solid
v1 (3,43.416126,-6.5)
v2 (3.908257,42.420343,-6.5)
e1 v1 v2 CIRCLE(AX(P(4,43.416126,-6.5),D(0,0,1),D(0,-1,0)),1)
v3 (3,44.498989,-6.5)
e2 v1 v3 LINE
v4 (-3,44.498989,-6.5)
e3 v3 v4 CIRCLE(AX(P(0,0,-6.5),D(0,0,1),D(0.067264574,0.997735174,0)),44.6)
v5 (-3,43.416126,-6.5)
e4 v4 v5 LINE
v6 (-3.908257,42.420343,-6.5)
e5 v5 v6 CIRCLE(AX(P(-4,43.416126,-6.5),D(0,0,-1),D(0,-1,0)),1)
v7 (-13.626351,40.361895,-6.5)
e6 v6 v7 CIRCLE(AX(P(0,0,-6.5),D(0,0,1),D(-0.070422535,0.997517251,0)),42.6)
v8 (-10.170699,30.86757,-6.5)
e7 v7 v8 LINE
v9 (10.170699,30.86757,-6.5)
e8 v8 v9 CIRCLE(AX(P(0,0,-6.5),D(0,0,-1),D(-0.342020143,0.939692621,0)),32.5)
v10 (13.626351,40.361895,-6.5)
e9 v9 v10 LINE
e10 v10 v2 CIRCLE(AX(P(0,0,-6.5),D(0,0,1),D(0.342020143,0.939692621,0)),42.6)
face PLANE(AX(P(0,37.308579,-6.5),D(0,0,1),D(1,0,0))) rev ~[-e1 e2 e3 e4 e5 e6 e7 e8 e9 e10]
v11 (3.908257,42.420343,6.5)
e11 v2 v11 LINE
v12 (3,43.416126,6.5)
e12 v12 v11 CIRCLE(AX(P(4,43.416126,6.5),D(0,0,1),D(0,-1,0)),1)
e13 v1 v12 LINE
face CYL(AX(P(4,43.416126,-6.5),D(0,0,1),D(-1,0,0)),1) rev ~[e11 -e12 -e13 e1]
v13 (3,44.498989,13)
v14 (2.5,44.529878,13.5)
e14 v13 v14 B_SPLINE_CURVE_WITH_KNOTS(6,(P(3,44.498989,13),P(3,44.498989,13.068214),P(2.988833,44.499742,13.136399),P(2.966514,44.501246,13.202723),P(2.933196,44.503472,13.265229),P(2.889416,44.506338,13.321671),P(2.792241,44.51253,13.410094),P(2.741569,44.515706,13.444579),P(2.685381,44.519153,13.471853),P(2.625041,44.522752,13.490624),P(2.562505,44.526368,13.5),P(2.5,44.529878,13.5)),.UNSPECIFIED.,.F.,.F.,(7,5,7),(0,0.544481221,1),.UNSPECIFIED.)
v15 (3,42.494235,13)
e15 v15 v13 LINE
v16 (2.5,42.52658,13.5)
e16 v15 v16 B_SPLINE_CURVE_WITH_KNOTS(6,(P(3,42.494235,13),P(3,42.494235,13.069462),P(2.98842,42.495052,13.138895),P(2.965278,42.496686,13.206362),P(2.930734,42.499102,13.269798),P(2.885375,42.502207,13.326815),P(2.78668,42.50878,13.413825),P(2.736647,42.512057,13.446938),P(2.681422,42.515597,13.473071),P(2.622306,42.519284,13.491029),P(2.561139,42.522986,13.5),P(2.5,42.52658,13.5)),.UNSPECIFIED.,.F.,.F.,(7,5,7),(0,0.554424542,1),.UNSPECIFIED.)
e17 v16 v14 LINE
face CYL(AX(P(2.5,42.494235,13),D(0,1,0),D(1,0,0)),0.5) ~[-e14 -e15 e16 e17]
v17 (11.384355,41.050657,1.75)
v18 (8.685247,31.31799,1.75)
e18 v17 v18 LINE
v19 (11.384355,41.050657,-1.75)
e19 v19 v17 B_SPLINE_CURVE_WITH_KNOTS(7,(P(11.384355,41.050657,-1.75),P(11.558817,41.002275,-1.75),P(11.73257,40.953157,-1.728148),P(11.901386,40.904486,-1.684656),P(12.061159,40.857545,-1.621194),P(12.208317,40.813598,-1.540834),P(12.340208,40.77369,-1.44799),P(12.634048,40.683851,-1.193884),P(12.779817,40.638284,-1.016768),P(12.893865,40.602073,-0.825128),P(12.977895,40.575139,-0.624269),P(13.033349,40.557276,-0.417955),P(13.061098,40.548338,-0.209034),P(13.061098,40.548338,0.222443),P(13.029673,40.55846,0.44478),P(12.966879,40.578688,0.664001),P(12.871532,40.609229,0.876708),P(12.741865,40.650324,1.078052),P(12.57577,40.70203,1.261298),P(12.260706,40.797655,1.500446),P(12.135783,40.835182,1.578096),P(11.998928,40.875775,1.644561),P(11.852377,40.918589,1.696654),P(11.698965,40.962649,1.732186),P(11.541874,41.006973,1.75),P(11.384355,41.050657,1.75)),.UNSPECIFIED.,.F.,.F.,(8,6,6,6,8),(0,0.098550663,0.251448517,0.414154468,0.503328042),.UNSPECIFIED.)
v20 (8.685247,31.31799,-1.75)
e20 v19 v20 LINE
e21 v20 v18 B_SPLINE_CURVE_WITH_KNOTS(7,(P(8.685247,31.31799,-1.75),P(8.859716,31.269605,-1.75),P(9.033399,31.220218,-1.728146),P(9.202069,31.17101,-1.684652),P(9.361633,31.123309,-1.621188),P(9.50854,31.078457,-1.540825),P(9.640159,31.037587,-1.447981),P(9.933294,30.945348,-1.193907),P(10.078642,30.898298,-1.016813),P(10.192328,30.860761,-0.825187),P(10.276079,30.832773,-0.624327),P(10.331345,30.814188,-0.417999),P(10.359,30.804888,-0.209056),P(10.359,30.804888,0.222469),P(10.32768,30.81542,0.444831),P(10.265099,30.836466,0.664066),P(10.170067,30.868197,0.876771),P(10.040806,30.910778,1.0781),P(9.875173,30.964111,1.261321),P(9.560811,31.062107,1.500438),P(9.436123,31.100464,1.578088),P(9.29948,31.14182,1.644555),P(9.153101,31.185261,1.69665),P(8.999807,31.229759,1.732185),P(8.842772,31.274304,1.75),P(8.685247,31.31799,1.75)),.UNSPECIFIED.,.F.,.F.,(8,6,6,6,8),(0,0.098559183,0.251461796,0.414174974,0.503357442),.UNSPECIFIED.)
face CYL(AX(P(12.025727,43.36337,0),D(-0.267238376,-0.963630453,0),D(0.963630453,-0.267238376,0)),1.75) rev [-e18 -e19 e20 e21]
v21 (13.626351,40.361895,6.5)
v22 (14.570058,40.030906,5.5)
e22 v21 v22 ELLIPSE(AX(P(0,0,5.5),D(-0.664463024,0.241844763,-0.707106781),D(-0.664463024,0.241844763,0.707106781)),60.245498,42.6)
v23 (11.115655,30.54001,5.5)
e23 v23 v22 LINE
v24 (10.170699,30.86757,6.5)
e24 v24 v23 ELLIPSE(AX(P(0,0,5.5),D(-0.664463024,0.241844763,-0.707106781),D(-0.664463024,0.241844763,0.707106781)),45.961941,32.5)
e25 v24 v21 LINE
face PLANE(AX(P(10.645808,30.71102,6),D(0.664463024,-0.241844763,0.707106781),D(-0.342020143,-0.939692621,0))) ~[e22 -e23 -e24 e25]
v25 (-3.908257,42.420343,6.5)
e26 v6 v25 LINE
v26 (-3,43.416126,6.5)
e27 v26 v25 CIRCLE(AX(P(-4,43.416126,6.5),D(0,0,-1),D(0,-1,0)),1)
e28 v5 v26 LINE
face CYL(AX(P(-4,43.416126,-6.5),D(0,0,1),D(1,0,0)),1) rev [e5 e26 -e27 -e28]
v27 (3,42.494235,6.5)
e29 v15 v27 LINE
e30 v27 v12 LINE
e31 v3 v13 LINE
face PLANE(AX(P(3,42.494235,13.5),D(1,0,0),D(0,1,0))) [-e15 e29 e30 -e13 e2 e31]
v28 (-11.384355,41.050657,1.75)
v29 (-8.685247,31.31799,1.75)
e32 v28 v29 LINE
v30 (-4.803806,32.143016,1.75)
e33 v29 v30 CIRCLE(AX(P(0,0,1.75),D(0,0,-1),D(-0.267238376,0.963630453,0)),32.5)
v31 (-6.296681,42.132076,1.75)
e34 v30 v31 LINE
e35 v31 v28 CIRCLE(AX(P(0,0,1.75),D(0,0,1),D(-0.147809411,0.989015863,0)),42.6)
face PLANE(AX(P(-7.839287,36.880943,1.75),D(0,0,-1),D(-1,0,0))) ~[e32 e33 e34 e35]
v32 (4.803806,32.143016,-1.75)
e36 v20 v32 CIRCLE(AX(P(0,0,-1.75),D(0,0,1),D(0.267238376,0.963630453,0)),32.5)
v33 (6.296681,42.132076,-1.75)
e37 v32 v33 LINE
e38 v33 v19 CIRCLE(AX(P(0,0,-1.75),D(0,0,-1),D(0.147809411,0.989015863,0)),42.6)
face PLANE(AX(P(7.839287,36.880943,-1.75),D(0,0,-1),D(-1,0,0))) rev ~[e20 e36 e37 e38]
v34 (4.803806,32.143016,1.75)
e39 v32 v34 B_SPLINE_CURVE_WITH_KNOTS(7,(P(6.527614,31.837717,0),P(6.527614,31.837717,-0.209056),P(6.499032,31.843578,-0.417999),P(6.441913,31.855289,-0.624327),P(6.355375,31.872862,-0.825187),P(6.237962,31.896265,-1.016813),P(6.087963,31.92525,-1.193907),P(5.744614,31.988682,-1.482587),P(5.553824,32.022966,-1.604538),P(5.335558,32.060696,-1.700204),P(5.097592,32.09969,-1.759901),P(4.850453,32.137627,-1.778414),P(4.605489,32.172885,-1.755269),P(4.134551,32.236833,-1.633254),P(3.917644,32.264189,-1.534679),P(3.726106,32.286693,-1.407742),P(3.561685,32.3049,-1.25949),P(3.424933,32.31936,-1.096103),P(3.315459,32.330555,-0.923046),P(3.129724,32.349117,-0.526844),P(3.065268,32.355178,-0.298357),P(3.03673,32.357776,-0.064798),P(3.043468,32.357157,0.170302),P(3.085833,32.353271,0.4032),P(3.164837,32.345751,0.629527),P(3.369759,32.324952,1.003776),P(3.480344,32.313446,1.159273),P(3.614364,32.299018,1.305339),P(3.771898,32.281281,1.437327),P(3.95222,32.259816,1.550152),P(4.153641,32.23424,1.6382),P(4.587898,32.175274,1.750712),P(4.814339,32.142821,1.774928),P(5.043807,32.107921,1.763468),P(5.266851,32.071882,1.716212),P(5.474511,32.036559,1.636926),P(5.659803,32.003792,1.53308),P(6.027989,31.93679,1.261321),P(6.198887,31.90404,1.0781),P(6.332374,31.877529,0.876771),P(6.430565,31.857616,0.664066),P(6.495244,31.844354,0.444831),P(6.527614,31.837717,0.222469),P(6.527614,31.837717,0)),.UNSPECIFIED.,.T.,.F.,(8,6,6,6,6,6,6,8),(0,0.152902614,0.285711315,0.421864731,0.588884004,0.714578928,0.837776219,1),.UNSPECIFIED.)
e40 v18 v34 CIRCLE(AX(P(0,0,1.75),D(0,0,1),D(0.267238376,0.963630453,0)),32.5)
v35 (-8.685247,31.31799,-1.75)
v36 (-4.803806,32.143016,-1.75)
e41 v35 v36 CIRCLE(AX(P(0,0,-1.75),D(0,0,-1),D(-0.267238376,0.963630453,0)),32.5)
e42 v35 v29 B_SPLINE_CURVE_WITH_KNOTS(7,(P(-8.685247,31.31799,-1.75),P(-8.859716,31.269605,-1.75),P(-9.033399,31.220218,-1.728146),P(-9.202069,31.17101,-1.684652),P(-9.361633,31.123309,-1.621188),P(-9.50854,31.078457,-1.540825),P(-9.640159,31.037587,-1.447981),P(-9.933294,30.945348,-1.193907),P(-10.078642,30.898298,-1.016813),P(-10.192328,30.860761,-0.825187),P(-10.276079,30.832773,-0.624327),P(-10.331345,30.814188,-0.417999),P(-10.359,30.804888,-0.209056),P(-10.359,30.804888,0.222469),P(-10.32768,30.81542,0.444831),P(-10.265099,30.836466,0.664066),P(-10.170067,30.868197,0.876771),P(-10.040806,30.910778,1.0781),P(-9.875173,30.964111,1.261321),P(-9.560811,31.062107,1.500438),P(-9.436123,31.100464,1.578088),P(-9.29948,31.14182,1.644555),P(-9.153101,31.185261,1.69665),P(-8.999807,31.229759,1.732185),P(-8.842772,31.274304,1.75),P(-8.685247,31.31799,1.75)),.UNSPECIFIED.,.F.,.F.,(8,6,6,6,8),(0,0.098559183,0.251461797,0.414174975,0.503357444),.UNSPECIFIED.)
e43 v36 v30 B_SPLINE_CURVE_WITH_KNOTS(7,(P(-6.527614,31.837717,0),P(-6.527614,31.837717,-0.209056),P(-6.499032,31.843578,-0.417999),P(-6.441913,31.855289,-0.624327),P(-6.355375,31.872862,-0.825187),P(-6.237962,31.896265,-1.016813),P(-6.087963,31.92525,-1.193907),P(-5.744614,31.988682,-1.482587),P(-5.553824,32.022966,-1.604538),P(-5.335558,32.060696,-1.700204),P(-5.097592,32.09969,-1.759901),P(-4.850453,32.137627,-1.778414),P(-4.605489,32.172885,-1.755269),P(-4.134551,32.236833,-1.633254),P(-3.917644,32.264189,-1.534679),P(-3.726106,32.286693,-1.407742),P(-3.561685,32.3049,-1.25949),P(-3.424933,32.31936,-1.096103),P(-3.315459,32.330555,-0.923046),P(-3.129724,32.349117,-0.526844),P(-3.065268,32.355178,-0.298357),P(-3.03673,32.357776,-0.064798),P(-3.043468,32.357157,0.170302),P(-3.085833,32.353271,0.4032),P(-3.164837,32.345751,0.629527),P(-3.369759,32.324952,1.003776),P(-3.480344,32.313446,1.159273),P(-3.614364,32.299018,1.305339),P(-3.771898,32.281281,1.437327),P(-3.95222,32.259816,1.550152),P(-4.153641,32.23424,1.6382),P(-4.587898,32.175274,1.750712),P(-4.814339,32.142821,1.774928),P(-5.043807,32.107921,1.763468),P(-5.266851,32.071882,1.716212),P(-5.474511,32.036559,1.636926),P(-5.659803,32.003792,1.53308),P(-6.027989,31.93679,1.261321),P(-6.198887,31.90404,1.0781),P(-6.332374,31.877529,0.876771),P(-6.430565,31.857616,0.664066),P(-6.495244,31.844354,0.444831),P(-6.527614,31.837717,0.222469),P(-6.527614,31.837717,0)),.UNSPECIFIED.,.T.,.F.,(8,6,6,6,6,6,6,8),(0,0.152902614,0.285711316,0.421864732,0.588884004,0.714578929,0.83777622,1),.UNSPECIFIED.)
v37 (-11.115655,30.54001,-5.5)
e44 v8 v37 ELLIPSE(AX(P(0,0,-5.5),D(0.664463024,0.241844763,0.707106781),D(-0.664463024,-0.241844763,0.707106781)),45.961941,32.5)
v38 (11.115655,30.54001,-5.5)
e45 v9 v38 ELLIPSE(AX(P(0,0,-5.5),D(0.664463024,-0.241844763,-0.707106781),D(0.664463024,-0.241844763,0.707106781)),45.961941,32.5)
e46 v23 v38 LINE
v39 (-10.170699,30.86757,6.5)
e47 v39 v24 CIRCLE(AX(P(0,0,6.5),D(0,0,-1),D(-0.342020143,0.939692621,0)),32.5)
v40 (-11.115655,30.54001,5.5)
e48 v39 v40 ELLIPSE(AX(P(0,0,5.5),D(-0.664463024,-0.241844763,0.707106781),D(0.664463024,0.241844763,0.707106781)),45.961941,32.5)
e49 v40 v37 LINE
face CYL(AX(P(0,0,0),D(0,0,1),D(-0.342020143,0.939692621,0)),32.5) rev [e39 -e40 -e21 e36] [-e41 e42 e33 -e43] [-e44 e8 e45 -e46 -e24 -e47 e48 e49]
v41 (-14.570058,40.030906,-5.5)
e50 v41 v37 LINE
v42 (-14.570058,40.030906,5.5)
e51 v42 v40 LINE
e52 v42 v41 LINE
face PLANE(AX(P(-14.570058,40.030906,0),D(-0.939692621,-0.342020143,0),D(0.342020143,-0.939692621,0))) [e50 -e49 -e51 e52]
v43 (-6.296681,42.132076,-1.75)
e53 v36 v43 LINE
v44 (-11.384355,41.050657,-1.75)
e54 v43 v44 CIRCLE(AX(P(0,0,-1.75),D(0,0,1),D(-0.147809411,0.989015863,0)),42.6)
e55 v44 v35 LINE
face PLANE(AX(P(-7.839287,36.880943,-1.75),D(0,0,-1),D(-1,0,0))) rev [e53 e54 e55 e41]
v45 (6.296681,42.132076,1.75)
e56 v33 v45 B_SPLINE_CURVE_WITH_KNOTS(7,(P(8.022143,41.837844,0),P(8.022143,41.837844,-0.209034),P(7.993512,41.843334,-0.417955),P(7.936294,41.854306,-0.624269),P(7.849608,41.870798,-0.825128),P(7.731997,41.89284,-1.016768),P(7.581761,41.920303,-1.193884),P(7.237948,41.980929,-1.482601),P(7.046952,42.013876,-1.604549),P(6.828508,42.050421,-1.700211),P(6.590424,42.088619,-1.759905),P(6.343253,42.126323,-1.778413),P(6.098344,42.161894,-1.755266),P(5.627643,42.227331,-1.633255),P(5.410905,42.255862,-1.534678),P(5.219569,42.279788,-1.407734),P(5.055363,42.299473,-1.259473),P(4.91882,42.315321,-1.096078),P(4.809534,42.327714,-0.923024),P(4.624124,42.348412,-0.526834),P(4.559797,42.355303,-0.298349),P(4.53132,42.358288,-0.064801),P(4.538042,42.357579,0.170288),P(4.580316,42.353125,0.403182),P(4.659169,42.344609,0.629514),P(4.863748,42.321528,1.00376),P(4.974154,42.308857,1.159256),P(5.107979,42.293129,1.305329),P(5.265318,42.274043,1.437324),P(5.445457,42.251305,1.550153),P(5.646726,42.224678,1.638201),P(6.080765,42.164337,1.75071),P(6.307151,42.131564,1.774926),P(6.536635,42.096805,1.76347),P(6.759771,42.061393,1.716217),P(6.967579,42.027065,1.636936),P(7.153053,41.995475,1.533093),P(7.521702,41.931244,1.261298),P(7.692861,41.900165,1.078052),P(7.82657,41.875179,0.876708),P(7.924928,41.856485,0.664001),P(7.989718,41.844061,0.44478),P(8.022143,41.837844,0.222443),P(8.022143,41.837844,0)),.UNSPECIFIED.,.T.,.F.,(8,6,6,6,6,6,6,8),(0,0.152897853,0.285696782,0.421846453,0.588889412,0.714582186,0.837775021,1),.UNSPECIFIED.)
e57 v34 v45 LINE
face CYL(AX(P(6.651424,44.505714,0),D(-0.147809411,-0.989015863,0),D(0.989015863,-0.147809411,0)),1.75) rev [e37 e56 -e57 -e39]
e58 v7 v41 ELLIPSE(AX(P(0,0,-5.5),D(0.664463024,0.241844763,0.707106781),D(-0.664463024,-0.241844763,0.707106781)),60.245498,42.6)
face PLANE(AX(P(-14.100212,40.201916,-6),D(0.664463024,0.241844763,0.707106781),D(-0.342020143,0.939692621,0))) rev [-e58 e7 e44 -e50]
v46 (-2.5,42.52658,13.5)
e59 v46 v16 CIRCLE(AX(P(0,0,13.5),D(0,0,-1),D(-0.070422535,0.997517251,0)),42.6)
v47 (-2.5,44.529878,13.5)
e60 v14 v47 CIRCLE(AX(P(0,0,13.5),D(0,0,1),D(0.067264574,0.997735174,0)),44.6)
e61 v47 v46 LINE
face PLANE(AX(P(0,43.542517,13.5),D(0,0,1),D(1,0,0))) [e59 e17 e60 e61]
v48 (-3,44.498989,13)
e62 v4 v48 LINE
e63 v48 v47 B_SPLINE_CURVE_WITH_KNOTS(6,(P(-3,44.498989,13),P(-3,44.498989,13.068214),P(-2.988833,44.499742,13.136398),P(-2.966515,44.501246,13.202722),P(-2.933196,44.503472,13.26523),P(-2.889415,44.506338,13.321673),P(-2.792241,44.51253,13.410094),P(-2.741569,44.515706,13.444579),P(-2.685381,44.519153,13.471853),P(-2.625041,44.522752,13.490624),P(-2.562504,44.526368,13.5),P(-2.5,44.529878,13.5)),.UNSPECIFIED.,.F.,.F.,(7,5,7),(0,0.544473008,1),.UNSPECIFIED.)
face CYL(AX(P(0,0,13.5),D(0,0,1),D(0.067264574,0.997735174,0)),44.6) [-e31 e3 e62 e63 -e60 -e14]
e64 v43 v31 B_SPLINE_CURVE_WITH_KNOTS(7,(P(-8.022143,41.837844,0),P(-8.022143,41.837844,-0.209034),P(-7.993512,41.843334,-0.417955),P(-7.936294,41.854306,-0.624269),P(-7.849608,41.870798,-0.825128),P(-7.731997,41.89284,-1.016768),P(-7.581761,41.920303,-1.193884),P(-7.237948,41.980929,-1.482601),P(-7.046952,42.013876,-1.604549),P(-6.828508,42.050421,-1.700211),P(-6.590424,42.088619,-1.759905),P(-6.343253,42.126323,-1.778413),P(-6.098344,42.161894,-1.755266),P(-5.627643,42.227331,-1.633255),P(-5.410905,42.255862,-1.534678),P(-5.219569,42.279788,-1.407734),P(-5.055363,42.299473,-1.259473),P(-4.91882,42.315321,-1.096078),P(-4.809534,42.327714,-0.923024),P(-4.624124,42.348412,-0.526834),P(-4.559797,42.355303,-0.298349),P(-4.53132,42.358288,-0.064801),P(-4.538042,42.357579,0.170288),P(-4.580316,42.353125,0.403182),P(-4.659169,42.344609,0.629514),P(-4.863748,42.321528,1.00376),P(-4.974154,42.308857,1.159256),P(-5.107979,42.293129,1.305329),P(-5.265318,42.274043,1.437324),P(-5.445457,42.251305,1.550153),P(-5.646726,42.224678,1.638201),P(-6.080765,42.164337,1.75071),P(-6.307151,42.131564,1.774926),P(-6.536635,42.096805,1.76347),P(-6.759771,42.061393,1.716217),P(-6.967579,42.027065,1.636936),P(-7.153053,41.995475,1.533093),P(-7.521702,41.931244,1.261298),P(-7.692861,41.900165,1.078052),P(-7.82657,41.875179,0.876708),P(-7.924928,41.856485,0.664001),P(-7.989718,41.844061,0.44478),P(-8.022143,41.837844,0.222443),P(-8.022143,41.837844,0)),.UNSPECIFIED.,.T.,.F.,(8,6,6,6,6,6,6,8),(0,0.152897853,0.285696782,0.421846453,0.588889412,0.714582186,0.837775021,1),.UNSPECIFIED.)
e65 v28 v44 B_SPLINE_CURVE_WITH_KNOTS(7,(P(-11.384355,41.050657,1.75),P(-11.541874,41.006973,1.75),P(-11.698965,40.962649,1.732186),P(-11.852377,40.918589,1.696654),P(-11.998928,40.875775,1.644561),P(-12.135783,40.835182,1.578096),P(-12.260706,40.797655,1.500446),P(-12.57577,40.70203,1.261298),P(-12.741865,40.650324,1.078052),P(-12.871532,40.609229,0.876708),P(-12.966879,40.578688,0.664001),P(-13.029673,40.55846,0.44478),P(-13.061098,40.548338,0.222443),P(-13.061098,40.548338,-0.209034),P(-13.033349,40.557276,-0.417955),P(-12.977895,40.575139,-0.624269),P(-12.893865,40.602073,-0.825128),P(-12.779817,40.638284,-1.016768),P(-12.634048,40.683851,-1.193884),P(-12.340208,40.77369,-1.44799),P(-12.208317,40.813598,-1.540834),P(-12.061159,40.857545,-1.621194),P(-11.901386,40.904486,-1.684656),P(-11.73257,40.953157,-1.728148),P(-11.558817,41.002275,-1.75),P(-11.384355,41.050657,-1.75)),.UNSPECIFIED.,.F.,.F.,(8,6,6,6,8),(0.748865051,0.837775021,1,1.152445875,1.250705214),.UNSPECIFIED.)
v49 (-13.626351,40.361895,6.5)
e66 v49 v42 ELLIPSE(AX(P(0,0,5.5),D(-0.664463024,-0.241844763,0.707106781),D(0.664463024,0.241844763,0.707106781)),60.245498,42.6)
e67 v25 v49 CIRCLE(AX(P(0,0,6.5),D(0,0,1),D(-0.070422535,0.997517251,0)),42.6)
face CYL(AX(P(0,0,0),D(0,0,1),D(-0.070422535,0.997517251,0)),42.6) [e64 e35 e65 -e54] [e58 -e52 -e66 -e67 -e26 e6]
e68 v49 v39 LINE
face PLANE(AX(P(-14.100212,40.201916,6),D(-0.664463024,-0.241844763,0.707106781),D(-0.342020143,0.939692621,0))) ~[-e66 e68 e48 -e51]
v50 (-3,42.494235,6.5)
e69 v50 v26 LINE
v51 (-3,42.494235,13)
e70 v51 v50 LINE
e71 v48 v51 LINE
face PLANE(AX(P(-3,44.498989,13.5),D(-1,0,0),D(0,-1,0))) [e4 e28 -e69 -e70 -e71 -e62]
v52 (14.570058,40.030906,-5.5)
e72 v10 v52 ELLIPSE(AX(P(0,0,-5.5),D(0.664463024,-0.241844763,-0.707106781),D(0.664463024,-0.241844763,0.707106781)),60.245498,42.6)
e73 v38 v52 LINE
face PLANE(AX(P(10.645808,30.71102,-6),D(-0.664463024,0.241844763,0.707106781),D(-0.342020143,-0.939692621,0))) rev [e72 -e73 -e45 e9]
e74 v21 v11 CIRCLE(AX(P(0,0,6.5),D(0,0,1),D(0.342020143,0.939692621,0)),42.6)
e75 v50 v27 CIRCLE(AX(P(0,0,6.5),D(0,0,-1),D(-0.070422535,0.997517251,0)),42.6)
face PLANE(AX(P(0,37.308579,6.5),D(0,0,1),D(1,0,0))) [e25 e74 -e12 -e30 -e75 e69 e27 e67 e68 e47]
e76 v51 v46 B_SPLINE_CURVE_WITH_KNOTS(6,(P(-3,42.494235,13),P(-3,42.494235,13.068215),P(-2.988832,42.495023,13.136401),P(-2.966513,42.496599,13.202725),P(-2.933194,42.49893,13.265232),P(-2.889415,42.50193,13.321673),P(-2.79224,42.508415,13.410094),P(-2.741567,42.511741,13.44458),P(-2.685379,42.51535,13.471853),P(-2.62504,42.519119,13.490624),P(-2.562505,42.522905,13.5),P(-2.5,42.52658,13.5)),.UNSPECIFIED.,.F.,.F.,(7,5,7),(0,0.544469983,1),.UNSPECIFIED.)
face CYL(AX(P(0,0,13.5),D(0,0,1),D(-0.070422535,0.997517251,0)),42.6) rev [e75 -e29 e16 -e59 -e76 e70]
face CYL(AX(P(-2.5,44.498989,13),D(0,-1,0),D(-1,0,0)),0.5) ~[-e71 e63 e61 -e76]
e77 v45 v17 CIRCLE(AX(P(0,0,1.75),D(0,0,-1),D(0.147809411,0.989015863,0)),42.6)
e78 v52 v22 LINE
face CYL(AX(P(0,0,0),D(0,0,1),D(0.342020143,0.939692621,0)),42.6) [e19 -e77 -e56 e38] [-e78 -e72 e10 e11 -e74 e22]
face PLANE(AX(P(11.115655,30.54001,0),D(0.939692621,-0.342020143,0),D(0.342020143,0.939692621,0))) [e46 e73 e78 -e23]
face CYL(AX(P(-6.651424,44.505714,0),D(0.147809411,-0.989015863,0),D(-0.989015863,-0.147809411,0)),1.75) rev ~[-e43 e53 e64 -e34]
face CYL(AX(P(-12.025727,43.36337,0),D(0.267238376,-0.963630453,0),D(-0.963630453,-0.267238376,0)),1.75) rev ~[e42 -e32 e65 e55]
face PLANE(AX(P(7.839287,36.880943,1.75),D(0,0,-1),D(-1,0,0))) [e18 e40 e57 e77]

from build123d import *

# Parameters (mm, degrees)
EXTRUDE_1_DEPTH          = 6.5
EXTRUDE_START            = 7
EXTRUDE_2_DEPTH          = 7
PATTERN_CIRCULAR_1_COUNT = 2
PATTERN_CIRCULAR_1_ANGLE = 7
CUT_EXTRUDE_2_DEPTH      = 1.75
FILLET_1_R               = 1
CHAMFER_1_SIZE           = 1
FILLET_2_R               = 0.5


with BuildPart() as part:
    # Эскиз1 → Бобышка-Вытянуть1 (new, symmetric)
    with BuildSketch(Plane.XY):
        with BuildLine():
            Line((11.115654658, 30.540010176), (14.570058106, 40.030905645))
            ThreePointArc((14.570058106, 40.030905645), (8.870948834, 41.666128531), (3, 42.494234903))
            Line((3, 42.494234903), (3, 44.498988753))
            ThreePointArc((3, 44.498988753), (0, 44.6), (-3, 44.498988753))
            Line((-3, 44.498988753), (-3, 42.494234903))
            ThreePointArc((-3, 42.494234903), (-8.870948834, 41.666128531), (-14.570058106, 40.030905645))
            Line((-14.570058106, 40.030905645), (-11.115654658, 30.540010176))
            ThreePointArc((-11.115654658, 30.540010176), (0, 32.5), (11.115654658, 30.540010176))
        make_face()
    extrude(amount=EXTRUDE_1_DEPTH, both=True)

    # Эскиз2 → Бобышка-Вытянуть2 (add)
    with BuildSketch(Plane.XY.offset(6.5).offset(EXTRUDE_START)):
        with BuildLine():
            Line((3, 42.494234903), (3, 44.498988753))
            ThreePointArc((3, 44.498988753), (0, 44.6), (-3, 44.498988753))
            Line((-3, 44.498988753), (-3, 42.494234903))
            ThreePointArc((-3, 42.494234903), (0, 42.6), (3, 42.494234903))
        make_face()
    extrude(amount=-EXTRUDE_2_DEPTH)

    # Эскиз4 → Вырез-Повернуть1 (revolve, cut)
    with BuildSketch(Plane.XY):
        Polygon((13.712080217, 42.895703236), (8.367312695, 23.623094172), (6.680959402, 24.09076133), (12.025726924, 43.363370394), align=None)
    cut_revolve_1 = revolve(axis=Axis((0, 0, 0), (0.26723837607825746, 0.9636304532086228, 0)), mode=Mode.SUBTRACT)

    # Круговой массив1: Вырез-Повернуть1 ×2 about axis
    pattern_circular_1_axis = Axis((0, 0, 6.5), (0, 0, 1))
    for i in range(1, PATTERN_CIRCULAR_1_COUNT):
        add(cut_revolve_1.rotate(pattern_circular_1_axis, i * PATTERN_CIRCULAR_1_ANGLE / (PATTERN_CIRCULAR_1_COUNT - 1)), mode=Mode.SUBTRACT)

    # Эскиз6 → Вырез-Вытянуть2 (cut, symmetric)
    with BuildSketch(Plane.XY):
        with BuildLine():
            Line((4.803805862, 32.143015559), (6.296680914, 42.132075779))
            ThreePointArc((6.296680914, 42.132075779), (8.857038029, 41.669087791), (11.384354821, 41.050657307))
            Line((11.384354821, 41.050657307), (8.685247223, 31.317989729))
            ThreePointArc((8.685247223, 31.317989729), (6.757129952, 31.789797024), (4.803805862, 32.143015559))
        make_face()
    cut_extrude_2 = extrude(amount=CUT_EXTRUDE_2_DEPTH, both=True, mode=Mode.SUBTRACT)

    # Зеркальное отражение1: Вырез-Повернуть1, Вырез-Вытянуть2 across plane
    add(cut_revolve_1.mirror(Plane(origin=(0, 0, 0), x_dir=(0, 0, 1), z_dir=(1, 0, 0))), mode=Mode.SUBTRACT)
    add(cut_extrude_2.mirror(Plane(origin=(0, 0, 0), x_dir=(0, 0, 1), z_dir=(1, 0, 0))), mode=Mode.SUBTRACT)

    # Зеркальное отражение1 copy 1 sketch → Зеркальное отражение1 copy 1 (revolve, cut)
    with BuildSketch(Plane(origin=(0, 0, 0), x_dir=(-0.992546151641322, 0.12186934340514775, 0), z_dir=(0, 0, 1))):
        Polygon((13.712080217, -42.895703236), (8.367312695, -23.623094172), (6.680959402, -24.09076133), (12.025726924, -43.363370394), align=None)
    revolve(axis=Axis((0, 0, 0), (0.14780941112961093, -0.9890158633619167, 0)), mode=Mode.SUBTRACT)

    # Скругление1
    fillet_1_edges = [part.edges().sort_by_distance(p)[0] for p in [
        (-3, 42.494234903, 0),
        (3, 42.494234903, 0),
    ]]
    fillet(fillet_1_edges, radius=FILLET_1_R)

    # Фаска1
    chamfer_1_edges = [part.edges().sort_by_distance(p)[0] for p in [
        (12.842856382, 35.285457911, -6.5),
        (-12.842856382, 35.285457911, 6.5),
        (-12.842856382, 35.285457911, -6.5),
        (12.842856382, 35.285457911, 6.5),
    ]]
    chamfer(chamfer_1_edges, length=CHAMFER_1_SIZE)

    # Скругление2
    fillet_2_edges = [part.edges().sort_by_distance(p)[0] for p in [
        (-3, 43.496611828, 13.5),
        (3, 43.496611828, 13.5),
    ]]
    fillet(fillet_2_edges, radius=FILLET_2_R)


solid = part.part
